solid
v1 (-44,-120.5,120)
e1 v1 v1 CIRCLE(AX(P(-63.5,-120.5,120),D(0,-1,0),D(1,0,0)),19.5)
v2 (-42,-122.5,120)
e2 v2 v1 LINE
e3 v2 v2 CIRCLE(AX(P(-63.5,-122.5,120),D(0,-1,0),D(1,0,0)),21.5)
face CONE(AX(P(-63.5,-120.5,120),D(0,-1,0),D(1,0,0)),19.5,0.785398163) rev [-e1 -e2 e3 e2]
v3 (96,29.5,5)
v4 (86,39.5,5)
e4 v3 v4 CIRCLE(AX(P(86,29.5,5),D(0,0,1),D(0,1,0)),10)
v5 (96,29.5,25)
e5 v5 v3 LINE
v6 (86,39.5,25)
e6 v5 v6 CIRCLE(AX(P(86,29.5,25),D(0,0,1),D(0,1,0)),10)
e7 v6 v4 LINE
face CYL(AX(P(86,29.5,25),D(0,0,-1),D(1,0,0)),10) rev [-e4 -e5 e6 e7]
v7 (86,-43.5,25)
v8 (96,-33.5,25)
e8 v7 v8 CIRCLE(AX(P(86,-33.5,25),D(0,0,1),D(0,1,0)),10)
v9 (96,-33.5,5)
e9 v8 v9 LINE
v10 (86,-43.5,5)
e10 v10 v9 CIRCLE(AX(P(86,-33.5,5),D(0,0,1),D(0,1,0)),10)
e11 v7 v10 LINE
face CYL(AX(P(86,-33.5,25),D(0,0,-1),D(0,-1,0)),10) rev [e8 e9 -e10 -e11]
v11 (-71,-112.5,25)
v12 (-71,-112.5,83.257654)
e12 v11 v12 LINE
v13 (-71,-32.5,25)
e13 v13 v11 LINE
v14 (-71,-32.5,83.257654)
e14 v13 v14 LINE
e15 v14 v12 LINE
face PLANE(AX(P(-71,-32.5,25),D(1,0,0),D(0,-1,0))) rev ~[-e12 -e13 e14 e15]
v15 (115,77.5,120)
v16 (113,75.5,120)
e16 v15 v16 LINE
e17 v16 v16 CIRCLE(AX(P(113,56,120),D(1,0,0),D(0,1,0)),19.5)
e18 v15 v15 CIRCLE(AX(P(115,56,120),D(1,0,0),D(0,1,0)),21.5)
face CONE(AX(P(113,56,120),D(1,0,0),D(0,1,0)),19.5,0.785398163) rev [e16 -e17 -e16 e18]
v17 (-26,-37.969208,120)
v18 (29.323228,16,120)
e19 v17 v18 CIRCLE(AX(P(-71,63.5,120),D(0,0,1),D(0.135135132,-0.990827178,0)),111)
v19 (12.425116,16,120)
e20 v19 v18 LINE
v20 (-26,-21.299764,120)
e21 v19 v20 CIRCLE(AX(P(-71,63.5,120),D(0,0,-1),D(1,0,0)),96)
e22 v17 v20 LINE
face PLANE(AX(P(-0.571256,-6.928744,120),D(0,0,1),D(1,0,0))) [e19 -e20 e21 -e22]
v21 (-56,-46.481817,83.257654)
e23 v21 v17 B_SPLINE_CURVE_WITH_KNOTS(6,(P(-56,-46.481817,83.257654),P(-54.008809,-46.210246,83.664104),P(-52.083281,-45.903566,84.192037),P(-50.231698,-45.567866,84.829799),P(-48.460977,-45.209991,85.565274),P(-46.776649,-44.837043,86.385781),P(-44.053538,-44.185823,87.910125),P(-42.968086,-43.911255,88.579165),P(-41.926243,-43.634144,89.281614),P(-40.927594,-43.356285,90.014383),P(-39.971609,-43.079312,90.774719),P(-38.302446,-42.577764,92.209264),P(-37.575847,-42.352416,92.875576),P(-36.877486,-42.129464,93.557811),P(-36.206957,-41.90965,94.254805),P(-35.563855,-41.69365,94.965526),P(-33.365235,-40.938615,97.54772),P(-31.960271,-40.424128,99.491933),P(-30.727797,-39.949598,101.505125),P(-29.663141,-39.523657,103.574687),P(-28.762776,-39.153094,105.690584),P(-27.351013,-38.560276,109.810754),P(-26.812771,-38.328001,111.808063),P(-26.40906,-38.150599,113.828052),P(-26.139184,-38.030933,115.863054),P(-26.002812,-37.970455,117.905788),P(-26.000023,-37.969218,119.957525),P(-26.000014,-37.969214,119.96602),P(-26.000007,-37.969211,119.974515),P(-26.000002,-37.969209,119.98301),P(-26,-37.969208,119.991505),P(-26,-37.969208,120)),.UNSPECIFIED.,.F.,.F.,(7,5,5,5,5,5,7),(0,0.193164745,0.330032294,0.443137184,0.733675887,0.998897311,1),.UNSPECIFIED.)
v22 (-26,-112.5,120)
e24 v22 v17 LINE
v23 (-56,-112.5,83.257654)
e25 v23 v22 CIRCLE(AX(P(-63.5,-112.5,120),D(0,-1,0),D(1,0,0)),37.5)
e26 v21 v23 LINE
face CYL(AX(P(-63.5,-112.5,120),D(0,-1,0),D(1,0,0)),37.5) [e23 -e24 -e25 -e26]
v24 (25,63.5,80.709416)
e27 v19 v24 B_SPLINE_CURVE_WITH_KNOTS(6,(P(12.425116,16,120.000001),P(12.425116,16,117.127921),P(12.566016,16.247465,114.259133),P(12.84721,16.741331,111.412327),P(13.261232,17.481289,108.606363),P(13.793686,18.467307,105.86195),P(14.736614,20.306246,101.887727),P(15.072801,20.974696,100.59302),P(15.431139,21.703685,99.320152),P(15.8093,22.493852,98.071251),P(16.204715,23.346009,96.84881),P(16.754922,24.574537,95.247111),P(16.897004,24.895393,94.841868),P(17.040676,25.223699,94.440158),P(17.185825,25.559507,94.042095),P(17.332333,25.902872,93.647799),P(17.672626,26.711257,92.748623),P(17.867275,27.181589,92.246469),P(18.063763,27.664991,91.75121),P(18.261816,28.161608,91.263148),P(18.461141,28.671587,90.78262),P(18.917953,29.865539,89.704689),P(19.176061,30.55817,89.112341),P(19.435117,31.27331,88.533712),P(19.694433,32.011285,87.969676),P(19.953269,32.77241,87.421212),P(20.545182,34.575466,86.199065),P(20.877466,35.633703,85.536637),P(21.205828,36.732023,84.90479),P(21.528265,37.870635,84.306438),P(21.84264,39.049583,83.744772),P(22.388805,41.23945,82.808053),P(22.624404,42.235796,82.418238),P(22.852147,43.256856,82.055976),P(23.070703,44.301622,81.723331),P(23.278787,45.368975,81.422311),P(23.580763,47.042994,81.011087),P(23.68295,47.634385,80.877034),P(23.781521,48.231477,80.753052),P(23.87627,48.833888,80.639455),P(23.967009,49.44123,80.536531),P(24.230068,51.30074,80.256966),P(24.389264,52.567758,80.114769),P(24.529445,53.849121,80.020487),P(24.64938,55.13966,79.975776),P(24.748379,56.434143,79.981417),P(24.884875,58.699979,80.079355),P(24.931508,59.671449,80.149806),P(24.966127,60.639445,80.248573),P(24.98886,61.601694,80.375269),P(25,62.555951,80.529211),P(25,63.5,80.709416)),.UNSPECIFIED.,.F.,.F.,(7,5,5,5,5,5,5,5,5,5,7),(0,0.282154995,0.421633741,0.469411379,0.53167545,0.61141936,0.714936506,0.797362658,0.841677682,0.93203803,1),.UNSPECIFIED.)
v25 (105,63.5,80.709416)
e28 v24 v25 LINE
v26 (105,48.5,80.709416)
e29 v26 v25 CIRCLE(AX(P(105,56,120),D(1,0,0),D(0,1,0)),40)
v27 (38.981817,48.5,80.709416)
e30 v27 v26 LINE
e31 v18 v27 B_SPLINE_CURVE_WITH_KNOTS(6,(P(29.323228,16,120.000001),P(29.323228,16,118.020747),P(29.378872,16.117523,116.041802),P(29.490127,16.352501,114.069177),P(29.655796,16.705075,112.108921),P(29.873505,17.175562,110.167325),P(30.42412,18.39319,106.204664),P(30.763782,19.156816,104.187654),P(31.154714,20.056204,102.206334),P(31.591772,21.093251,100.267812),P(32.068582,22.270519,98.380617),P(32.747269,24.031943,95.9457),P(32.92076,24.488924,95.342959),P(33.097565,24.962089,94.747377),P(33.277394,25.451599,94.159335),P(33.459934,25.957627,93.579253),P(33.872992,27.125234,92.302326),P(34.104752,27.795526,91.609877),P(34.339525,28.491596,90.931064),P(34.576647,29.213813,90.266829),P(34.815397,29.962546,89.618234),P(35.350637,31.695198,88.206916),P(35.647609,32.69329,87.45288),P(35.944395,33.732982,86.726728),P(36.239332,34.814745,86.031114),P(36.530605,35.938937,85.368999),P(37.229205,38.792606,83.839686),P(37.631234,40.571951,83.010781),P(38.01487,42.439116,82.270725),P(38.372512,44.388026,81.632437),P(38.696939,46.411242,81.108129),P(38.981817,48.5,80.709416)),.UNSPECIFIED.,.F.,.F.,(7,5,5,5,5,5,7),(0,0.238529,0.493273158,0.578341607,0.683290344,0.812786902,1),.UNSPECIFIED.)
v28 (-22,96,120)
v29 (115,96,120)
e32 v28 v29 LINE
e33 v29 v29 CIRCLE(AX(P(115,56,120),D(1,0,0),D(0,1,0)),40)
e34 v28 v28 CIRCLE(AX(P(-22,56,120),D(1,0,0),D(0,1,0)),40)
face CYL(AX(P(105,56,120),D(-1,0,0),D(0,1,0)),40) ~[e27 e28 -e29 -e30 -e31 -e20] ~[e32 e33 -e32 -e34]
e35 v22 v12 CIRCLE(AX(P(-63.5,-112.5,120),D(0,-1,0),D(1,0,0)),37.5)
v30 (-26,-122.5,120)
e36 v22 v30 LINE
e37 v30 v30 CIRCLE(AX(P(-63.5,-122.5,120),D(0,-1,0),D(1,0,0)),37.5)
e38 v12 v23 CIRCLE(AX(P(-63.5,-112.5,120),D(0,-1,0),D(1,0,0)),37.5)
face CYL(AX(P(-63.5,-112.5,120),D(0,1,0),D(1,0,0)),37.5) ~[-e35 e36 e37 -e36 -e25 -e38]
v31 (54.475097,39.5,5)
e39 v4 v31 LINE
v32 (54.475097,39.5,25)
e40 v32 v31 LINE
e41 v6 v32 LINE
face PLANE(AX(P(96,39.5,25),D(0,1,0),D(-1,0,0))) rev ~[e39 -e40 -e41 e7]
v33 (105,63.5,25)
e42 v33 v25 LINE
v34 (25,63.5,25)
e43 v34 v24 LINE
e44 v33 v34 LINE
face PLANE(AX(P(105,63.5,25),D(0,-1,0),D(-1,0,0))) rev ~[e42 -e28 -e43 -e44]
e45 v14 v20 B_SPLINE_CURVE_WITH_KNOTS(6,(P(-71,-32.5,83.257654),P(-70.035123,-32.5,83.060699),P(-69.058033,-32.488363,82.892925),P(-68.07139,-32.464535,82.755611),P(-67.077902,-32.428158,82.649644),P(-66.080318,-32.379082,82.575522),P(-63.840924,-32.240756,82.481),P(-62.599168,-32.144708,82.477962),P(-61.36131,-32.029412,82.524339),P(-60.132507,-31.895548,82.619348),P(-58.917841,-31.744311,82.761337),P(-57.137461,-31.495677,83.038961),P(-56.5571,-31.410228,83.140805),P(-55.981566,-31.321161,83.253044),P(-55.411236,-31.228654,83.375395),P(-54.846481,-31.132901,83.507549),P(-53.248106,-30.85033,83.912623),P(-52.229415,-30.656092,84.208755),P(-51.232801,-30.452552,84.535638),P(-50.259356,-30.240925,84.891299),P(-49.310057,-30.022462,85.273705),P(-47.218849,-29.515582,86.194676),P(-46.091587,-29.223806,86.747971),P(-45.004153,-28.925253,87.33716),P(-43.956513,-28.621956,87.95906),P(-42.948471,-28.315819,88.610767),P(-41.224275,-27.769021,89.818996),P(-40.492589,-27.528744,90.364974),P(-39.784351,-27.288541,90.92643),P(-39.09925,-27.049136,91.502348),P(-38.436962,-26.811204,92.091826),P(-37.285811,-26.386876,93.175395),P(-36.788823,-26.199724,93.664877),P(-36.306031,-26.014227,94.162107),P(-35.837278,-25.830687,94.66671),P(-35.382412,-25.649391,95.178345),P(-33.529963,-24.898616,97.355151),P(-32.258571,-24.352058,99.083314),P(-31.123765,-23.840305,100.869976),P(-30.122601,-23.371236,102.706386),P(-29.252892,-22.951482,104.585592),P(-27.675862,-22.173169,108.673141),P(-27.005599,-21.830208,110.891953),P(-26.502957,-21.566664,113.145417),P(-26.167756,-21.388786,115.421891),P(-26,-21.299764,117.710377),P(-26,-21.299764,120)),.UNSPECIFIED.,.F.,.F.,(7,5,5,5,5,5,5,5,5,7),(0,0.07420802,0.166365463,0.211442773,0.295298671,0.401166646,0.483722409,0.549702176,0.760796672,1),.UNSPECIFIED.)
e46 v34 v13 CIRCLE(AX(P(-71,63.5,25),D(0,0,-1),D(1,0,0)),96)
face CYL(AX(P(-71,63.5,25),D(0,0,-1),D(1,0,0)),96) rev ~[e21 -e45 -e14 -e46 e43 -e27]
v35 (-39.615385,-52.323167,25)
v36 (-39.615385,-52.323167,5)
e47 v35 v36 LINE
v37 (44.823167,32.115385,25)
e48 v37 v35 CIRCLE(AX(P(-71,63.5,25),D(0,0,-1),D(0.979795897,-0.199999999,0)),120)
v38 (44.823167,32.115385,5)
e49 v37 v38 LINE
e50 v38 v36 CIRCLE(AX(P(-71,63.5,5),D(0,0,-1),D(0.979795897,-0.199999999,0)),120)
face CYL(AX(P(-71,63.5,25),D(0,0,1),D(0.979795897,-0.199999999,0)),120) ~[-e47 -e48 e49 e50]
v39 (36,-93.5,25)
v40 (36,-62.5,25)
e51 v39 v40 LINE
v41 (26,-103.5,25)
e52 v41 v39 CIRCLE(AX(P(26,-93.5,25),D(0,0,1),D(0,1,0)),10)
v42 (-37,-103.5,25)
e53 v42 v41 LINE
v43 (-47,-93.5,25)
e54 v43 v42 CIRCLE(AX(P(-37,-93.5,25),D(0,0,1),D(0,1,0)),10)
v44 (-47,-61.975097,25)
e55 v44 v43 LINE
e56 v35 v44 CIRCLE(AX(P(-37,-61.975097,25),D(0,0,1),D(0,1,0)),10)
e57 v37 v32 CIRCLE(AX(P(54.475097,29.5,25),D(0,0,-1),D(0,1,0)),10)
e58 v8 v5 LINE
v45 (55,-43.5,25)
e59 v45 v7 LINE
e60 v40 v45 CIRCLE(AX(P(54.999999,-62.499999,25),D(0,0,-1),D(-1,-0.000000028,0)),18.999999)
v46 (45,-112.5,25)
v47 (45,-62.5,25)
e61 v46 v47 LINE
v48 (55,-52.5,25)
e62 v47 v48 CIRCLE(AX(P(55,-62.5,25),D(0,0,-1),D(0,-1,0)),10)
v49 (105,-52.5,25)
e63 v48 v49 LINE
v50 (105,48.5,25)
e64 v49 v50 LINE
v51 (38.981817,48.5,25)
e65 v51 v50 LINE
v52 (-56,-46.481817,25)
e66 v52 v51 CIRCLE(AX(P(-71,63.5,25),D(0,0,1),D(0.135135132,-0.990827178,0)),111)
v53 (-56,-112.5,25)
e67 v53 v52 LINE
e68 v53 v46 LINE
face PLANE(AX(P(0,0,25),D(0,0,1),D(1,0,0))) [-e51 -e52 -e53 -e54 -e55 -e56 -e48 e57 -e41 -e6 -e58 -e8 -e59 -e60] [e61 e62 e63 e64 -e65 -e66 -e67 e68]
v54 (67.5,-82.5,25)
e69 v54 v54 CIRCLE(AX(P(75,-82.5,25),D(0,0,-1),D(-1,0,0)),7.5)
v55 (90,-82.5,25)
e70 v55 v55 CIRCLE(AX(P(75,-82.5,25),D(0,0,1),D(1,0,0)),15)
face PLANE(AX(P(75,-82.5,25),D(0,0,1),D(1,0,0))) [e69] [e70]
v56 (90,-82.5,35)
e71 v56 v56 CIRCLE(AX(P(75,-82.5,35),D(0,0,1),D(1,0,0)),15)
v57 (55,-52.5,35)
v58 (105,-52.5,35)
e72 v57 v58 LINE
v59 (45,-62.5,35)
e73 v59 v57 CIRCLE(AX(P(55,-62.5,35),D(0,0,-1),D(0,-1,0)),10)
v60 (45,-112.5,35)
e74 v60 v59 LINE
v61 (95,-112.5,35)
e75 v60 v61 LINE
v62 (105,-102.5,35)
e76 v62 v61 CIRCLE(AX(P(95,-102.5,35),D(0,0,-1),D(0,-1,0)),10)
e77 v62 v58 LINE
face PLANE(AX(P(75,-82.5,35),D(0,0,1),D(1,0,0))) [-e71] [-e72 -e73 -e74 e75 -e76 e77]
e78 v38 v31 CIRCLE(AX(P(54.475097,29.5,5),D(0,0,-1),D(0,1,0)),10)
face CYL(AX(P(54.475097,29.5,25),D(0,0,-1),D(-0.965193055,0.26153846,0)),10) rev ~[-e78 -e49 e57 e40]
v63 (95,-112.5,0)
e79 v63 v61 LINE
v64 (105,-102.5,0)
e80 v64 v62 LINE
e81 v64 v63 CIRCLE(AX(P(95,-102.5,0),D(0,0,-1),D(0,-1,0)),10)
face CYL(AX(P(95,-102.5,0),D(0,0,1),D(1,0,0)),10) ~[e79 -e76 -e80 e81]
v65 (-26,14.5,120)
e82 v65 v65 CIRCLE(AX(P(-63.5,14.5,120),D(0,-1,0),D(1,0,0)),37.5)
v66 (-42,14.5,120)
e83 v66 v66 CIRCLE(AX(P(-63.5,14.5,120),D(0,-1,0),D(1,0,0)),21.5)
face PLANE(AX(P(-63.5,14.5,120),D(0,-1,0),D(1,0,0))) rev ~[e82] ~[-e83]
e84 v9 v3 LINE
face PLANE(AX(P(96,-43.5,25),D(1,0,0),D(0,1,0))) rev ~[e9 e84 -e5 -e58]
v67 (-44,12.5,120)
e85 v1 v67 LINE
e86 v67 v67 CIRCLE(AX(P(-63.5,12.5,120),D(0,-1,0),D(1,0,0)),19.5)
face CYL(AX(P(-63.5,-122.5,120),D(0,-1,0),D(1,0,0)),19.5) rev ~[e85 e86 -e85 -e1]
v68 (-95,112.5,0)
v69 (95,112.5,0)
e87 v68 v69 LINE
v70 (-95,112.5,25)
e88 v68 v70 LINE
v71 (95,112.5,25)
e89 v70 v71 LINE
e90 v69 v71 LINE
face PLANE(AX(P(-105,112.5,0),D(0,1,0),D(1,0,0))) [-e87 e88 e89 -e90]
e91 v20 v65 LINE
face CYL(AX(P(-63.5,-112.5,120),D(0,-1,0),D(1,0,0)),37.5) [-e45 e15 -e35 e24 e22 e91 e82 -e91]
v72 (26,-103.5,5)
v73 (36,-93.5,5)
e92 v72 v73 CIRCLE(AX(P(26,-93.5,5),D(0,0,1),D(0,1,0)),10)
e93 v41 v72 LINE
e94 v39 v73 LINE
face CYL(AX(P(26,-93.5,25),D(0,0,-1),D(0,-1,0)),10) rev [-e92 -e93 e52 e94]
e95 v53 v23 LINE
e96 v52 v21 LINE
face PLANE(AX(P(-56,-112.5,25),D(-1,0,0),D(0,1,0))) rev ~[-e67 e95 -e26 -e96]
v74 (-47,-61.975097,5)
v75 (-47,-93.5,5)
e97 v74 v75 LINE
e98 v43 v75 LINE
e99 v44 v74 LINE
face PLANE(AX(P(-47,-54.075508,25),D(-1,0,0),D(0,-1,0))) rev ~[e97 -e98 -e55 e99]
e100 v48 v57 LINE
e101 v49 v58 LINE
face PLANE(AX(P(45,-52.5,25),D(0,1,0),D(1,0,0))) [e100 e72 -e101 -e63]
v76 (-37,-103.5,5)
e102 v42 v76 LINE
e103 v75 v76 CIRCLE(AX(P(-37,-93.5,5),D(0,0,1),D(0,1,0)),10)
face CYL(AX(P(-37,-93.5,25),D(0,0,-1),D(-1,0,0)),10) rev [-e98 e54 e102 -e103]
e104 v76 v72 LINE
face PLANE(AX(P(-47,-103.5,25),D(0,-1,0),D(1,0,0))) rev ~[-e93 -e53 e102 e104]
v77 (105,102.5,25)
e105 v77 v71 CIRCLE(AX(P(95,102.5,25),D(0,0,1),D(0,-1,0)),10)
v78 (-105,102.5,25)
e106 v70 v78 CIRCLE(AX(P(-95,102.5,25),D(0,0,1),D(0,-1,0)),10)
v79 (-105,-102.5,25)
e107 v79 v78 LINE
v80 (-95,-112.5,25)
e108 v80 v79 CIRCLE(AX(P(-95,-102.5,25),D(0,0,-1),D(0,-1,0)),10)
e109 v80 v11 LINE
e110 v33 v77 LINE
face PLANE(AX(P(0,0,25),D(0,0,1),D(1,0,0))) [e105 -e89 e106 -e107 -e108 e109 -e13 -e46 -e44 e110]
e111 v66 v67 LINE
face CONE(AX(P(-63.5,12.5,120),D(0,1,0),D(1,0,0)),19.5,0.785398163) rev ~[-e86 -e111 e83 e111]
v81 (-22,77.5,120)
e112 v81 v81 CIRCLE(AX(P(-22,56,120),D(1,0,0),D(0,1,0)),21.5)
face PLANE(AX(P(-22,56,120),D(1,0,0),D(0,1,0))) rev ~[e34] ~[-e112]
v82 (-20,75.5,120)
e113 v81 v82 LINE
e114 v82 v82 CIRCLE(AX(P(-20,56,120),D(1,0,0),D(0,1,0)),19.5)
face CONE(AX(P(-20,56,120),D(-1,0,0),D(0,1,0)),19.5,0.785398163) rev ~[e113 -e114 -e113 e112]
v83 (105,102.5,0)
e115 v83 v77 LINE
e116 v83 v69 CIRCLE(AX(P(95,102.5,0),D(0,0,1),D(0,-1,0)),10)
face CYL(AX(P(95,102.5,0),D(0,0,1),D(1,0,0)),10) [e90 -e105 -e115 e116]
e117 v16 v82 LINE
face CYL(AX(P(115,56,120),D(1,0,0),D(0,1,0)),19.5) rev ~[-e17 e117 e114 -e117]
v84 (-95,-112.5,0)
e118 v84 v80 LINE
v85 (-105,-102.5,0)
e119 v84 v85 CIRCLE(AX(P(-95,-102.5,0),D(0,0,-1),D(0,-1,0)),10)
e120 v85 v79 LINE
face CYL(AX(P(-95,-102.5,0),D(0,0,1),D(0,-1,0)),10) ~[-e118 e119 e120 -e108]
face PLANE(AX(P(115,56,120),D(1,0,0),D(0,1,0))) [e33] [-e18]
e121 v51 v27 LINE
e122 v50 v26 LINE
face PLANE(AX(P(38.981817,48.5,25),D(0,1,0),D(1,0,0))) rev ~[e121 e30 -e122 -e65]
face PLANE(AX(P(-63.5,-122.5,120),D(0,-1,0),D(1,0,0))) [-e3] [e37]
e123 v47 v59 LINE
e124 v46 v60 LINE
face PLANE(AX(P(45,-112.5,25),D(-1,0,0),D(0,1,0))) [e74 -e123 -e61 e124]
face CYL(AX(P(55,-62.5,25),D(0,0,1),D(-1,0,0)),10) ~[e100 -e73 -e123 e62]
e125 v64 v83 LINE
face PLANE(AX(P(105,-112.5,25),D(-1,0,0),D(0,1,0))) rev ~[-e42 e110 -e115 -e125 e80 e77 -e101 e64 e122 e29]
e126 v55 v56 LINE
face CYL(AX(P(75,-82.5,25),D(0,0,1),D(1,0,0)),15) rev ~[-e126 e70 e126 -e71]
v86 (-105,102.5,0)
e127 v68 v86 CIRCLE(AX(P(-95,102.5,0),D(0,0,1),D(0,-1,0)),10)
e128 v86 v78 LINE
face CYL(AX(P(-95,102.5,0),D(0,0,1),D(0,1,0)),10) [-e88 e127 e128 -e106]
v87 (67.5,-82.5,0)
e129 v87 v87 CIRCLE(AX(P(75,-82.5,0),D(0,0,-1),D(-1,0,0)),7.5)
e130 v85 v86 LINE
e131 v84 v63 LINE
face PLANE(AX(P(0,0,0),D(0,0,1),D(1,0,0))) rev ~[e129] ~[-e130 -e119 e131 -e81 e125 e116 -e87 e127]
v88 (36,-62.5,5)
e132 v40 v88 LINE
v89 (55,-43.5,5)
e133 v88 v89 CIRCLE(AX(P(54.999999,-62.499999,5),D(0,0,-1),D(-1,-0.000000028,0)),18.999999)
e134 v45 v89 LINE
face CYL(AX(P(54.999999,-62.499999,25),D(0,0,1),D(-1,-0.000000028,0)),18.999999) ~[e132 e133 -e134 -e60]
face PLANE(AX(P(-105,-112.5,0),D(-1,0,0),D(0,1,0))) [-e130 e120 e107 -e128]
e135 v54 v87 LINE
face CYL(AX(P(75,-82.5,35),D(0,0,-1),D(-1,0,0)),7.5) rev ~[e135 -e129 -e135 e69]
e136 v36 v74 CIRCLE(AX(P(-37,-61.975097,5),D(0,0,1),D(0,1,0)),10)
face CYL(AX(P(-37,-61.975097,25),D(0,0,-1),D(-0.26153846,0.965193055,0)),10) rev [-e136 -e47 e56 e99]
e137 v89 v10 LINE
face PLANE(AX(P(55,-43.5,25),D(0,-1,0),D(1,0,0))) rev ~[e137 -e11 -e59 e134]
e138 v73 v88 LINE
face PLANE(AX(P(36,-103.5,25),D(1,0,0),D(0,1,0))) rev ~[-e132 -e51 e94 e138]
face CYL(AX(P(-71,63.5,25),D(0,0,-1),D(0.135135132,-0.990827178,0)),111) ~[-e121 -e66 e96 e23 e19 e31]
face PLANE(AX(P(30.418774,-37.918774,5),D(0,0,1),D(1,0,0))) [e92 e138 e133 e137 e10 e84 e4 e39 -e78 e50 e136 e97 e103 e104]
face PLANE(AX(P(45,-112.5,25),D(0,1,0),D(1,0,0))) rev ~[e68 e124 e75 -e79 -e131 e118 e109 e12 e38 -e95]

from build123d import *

# Parameters (mm, degrees)
F0_W            = 210
F0_H            = 225
F1_DEPTH        = 25
F3_DEPTH        = 95
F4_R            = 37.5
F5_DEPTH        = 10
F5_DEPTH_BACK   = 127
F6_R            = 40
F7_DEPTH        = 10
F7_DEPTH_BACK   = 127
F8_W            = 60
F8_H            = 60
F9_DEPTH        = 10
F10_R           = 10
F12_DEPTH       = 20
F14_D           = 15
F14_CBORE_D     = 30
F14_CBORE_DEPTH = 10
F15_R           = 10
F16_R           = 19.5
F17_DEPTH       = 235.001
F18_R           = 19.5
F19_DEPTH       = 220.001
F20_SIZE        = 2
F21_R           = 10


with BuildPart() as f1:
    # F0 (on Top) → F1 (new body)
    with BuildSketch(Plane.XY):
        Rectangle(F0_W, F0_H)
    extrude(amount=F1_DEPTH)

    # F2 (on face) → F3 (join)
    with BuildSketch(Plane.XY.offset(25)):
        with BuildLine():
            Line((-71, -32.5), (-71, -112.5))
            Line((-71, -112.5), (-56, -112.5))
            Line((-56, -112.5), (-56, -46.481817))
            ThreePointArc((-56, -46.481817), (7.488853, -14.988853), (38.981817, 48.5))
            Line((38.981817, 48.5), (105, 48.5))
            Line((105, 48.5), (105, 63.5))
            Line((105, 63.5), (25, 63.5))
            ThreePointArc((25, 63.5), (-3.117749, -4.382251), (-71, -32.5))
        make_face()
    extrude(amount=F3_DEPTH)

    # F4 (on face) → F5 (join, two sides)
    with BuildSketch(Plane.XZ.offset(112.5)) as f5_sk:
        with Locations((-63.5, 120)):
            Circle(F4_R)
    extrude(amount=F5_DEPTH)
    extrude(f5_sk.sketch, amount=-F5_DEPTH_BACK)

    # F6 (on face) → F7 (join, two sides)
    with BuildSketch(Plane.YZ.offset(105)) as f7_sk:
        with Locations((56, 120)):
            Circle(F6_R)
    extrude(amount=F7_DEPTH)
    extrude(f7_sk.sketch, amount=-F7_DEPTH_BACK)

    # F8 (on face) → F9 (join)
    with BuildSketch(Plane.XY.offset(25)):
        with Locations((75, -82.5)):
            Rectangle(F8_W, F8_H)
    extrude(amount=F9_DEPTH)

    # F10
    f10_edges = [f1.edges().sort_by_distance(p)[0] for p in [
        (45, -52.5, 30),
    ]]
    fillet(f10_edges, radius=F10_R)

    # F11 (on face) → F12 (cut)
    with BuildSketch(Plane.XY.offset(25)):
        with BuildLine():
            ThreePointArc((46.575508, 39.5), (13.852814, -21.352814), (-47, -54.075508))
            Line((-47, -54.075508), (-47, -103.5))
            Line((-47, -103.5), (36, -103.5))
            Line((36, -103.5), (36, -62.5))
            ThreePointArc((36, -62.5), (41.564971, -49.064971), (55, -43.5))
            Line((55, -43.5), (96, -43.5))
            Line((96, -43.5), (96, 39.5))
            Line((96, 39.5), (46.575508, 39.5))
        make_face()
    extrude(amount=-F12_DEPTH, mode=Mode.SUBTRACT)

    # F14 (through all)
    with Locations(Plane.XY.offset(35)):
        with Locations((75, -82.5)):
            CounterBoreHole(F14_D / 2, F14_CBORE_D / 2, F14_CBORE_DEPTH)

    # F15
    f15_edges = [f1.edges().sort_by_distance(p)[0] for p in [
        (-47, -54.075508, 15),
        (46.575508, 39.5, 15),
        (96, 39.5, 15),
        (96, -43.5, 15),
        (36, -103.5, 15),
        (-47, -103.5, 15),
    ]]
    fillet(f15_edges, radius=F15_R)

    # F16 (on face) → F17 (cut, through all)
    with BuildSketch(Plane.XZ.offset(122.5)):
        with Locations((-63.5, 120)):
            Circle(F16_R)
    extrude(amount=-F17_DEPTH, mode=Mode.SUBTRACT)

    # F18 (on face) → F19 (cut, through all)
    with BuildSketch(Plane.YZ.offset(115)):
        with Locations((56, 120)):
            Circle(F18_R)
    extrude(amount=-F19_DEPTH, mode=Mode.SUBTRACT)

    # F20
    f20_edges = [f1.edges().sort_by_distance(p)[0] for p in [
        (-83, -122.5, 120),
        (115, 36.5, 120),
        (-83, 14.5, 120),
        (-22, 36.5, 120),
    ]]
    chamfer(f20_edges, length=F20_SIZE)

    # F21
    f21_edges = [f1.edges().sort_by_distance(p)[0] for p in [
        (105, -112.5, 17.5),
        (105, 112.5, 12.5),
        (-105, 112.5, 12.5),
        (-105, -112.5, 12.5),
    ]]
    fillet(f21_edges, radius=F21_R)


solid = f1.part
